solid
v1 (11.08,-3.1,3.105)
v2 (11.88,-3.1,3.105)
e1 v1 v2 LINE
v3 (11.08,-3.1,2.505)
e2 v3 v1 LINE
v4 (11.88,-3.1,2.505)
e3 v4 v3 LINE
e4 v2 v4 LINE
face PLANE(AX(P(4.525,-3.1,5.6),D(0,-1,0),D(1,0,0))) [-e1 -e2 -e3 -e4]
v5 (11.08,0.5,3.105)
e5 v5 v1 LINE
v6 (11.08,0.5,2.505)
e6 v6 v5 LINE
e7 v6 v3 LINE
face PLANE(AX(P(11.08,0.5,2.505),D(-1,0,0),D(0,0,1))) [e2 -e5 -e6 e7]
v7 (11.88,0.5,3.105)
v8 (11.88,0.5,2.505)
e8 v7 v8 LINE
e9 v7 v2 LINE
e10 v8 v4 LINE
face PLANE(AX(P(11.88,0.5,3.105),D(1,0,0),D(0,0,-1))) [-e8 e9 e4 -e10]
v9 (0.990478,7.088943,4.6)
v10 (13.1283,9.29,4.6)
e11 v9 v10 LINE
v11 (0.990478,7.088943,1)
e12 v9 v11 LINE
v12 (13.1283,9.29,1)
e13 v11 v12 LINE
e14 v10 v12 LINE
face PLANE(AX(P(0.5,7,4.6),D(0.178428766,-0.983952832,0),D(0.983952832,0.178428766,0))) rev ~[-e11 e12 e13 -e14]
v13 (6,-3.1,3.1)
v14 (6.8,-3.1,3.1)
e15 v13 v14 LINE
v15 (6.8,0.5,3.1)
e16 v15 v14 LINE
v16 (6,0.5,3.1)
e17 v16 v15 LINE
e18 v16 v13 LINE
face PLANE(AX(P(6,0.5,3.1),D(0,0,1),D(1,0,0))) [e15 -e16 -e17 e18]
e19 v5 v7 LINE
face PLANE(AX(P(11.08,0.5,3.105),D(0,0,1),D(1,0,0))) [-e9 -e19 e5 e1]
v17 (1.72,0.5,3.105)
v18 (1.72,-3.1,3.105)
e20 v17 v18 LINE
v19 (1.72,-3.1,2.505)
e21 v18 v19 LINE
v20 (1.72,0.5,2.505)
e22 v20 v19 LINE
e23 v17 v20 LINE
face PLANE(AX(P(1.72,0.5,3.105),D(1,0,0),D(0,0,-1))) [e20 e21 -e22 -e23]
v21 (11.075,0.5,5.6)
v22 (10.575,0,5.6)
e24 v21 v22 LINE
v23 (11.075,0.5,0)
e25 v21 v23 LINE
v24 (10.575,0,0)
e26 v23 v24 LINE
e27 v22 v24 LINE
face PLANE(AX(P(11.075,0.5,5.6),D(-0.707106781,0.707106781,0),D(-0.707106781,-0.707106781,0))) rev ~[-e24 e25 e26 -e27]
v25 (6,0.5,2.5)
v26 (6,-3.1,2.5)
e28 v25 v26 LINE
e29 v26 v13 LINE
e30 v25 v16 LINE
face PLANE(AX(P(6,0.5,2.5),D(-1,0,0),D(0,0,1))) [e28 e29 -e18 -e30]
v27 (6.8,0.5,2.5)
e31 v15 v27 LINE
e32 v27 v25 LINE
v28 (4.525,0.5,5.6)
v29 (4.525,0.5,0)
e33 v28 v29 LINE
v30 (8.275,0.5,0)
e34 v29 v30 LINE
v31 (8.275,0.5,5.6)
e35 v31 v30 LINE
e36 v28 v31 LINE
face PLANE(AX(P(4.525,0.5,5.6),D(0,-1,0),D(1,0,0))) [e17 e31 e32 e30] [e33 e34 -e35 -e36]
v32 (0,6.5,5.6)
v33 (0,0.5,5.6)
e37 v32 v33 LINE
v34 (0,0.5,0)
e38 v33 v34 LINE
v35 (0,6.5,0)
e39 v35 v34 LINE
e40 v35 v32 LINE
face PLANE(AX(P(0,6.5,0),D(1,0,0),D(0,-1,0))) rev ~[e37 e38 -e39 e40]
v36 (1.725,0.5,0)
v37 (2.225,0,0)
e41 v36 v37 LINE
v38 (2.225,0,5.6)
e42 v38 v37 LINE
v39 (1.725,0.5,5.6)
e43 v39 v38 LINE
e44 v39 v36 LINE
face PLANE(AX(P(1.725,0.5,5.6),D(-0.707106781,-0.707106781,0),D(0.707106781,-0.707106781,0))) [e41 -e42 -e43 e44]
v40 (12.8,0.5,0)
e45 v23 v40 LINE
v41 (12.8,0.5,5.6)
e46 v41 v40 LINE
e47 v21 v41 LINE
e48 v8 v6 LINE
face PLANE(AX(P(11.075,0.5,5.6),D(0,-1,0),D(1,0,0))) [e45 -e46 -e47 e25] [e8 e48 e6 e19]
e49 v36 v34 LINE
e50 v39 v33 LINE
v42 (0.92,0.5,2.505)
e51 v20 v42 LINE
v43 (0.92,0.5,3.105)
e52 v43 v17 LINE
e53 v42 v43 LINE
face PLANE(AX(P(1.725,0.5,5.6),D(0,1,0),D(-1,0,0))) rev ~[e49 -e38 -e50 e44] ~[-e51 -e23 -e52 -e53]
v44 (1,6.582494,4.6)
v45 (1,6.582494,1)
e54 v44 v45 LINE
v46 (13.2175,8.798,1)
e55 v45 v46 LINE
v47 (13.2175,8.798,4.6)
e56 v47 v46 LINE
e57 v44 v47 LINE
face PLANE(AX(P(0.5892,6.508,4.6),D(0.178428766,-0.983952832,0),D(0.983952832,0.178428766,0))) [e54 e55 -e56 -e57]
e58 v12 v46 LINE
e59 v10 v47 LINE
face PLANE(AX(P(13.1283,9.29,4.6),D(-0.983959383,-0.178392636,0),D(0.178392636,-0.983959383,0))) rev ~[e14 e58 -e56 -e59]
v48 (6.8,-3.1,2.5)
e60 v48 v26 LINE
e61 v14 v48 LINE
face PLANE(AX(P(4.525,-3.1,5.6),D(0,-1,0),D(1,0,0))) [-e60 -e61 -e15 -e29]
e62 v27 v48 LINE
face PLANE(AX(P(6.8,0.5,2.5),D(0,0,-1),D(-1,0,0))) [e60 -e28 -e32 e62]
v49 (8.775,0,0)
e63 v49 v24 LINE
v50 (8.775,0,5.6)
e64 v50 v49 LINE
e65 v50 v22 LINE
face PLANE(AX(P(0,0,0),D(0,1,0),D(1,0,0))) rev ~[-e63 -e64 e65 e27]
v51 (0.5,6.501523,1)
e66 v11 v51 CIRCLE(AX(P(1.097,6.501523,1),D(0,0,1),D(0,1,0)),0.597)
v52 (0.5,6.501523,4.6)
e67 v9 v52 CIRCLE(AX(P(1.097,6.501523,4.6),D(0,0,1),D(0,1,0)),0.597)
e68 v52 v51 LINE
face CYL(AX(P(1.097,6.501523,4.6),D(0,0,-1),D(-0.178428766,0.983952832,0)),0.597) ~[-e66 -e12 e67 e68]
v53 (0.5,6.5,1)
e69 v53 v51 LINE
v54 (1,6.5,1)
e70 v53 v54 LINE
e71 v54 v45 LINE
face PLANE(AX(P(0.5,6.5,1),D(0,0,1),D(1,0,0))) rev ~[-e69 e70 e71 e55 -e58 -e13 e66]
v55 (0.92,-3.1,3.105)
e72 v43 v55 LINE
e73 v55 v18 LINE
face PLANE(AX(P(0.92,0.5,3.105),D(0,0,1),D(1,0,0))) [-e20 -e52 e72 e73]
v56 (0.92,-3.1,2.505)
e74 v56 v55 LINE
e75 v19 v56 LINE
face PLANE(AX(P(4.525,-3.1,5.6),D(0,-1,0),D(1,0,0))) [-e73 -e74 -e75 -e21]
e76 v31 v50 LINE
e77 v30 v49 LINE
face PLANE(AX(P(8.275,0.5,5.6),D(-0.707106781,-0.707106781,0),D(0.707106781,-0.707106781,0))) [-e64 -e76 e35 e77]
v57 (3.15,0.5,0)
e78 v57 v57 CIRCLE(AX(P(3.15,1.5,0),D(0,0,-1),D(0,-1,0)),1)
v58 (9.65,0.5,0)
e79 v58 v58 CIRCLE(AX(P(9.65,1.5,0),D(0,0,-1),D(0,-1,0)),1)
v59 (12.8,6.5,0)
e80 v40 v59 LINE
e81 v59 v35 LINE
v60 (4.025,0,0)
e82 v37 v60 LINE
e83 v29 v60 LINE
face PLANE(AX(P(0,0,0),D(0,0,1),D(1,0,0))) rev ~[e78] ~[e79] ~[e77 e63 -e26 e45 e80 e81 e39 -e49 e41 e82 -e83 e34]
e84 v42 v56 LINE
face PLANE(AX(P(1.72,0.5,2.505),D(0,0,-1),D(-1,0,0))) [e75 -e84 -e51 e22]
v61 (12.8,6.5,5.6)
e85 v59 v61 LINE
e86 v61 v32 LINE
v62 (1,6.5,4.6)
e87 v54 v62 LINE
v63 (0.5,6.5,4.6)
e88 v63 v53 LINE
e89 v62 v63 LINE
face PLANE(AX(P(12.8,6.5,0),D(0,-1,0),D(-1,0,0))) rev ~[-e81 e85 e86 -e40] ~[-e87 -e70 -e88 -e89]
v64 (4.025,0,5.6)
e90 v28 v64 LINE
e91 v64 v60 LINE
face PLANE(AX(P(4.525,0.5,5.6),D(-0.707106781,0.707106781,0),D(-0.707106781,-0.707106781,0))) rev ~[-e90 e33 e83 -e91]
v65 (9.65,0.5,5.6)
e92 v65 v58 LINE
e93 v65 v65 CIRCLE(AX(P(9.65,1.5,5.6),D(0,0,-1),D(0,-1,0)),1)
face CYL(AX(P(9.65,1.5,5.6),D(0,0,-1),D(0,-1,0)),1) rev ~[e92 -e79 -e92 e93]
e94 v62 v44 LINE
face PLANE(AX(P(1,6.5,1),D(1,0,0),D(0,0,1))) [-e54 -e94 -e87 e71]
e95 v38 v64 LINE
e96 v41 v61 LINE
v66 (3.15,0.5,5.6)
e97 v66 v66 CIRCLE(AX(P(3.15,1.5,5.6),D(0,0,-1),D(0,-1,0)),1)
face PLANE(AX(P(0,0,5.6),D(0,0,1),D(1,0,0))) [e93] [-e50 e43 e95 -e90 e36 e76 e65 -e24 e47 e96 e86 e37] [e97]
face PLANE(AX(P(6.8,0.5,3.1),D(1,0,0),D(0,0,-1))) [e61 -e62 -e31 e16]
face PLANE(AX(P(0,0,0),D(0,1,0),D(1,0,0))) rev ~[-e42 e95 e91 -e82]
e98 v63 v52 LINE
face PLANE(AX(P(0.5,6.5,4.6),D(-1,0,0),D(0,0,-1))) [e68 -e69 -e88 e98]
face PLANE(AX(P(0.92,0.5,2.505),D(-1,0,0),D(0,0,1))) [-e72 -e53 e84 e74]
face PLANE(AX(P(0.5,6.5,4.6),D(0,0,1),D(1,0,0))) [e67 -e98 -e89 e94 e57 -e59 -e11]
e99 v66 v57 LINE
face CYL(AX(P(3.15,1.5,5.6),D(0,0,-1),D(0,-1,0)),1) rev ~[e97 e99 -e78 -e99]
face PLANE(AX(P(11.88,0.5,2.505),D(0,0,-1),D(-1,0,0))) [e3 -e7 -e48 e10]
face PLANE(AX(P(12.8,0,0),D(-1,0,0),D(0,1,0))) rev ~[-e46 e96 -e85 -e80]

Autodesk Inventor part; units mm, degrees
ref_plane "YZ Plane" through (0, 0, 0) normal (1, 0, 0) x (0, 1, 0)
ref_plane "XZ Plane" through (0, 0, 0) normal (0, 1, 0) x (-1, 0, 0)
ref_plane "XY Plane" through (0, 0, 0) normal (0, 0, 1) x (1, 0, 0)
sketch "Sketch1" plane through (0, 0, 0) normal (0, 0, 1) x (1, 0, 0)
  line L0 (0, 0) -> (12.8, 0)
  line L1 (12.8, 0) -> (12.8, 6.5)
  line L2 (12.8, 6.5) -> (0, 6.5)
  line L3 (0, 6.5) -> (0, 0)
  dimension "d0" = 12.8
  dimension "d1" = 6.5
extrude "Extrusion1" add sketch "Sketch1" along normal blind 5.6
sketch "Sketch2" plane through (0, 0, 5.6) normal (0, 0, 1) x (1, 0, 0)
  line L0 (0, 0) -> (0, 6.5) projected
  line L1 (12.8, 0) -> (0, 0) projected
  point P0 (3.15, 1.5)
  point P1 (9.65, 1.5)
  dimension "d4" = 6.5
  dimension "d5" = 3.15
  dimension "d6" = 1.5
hole "Hole1" at (3.15, 1.5, 5.6) at (9.65, 1.5, 5.6) direction (0, 0, -1) diameter 2 end through all
sketch "Sketch3" plane through (0, 0, 5.6) normal (0, 0, 1) x (1, 0, 0)
  line L0 (12.8, 0) -> (0, 0) projected
  line L1 (0, 0) -> (2.225, 0)
  line L2 (2.225, 0) -> (2.225, 0)
  line L3 (1.725, 0.5) -> (0, 0.5)
  line L4 (0, 0.5) -> (0, 0)
  line L5 (4.525, 0.5) -> (8.275, 0.5)
  line L6 (8.775, 0) -> (8.775, 0)
  line L7 (8.775, 0) -> (4.025, 0)
  line L8 (4.025, 0) -> (4.025, 0)
  line L9 (11.075, 0.5) -> (12.8, 0.5)
  line L10 (12.8, 0.5) -> (12.8, 0)
  line L11 (12.8, 0) -> (10.575, 0)
  line L12 (10.575, 0) -> (10.575, 0)
  line L13 (1.725, 0.5) -> (2.225, 0)
  line L14 (4.525, 0.5) -> (4.025, 0)
  line L15 (8.275, 0.5) -> (8.775, 0)
  line L16 (11.075, 0.5) -> (10.575, 0)
  point P0 (2.225, 0.5)
  point P1 (4.025, 0.5)
  point P2 (8.775, 0.5)
  point P3 (10.575, 0.5)
  dimension "d14" = 0.5
  dimension "d17" = 2.225
  dimension "d18" = 2.225
  dimension "d19" = 0.5
  dimension "d20" = 0.5
  dimension "d21" = 0.5
  dimension "d22" = 0.5
  dimension "d23" = 0.5
  dimension "d24" = 0.5
  dimension "d25" = 0.5
  dimension "d26" = 0.5
  dimension "d49" = 1.8
  dimension "d50" = 1.8
extrude "Extrusion2" cut sketch "Sketch3" against normal through all
sketch "Sketch4" plane through (0, 6.5, 0) normal (0, 1, 0) x (1, 0, 0)
  line L0 (12.8, 0) -> (0, 0) projected
  line L1 (0, 0) -> (0, -5.6) projected
  line L2 (0.5, -1) -> (1, -1)
  line L3 (1, -1) -> (1, -4.6)
  line L4 (1, -4.6) -> (0.5, -4.6)
  line L5 (0.5, -4.6) -> (0.5, -1)
  dimension "d29" = 3.6
  dimension "d30" = 1
  dimension "d31" = 0.5
  dimension "d32" = 0.5
extrude "Extrusion3" add sketch "Sketch4" along normal blind 0.5
sketch "Sketch5" plane through (0.5, 6.5, 4.6) normal (0, 0, 1) x (1, 0, 0)
  line L0 (0, 0.5) -> (12.6283, 2.79)
  line L1 (0.0892, 0.008) -> (12.7175, 2.298)
  line L2 (12.6283, 2.79) -> (12.7175, 2.298)
  line L3 (0, 0.5) -> (0.0892, 0.008)
  dimension "d35" = 0.5
extrude "Extrusion4" add sketch "Sketch5" against normal blind 3.6
fillet "Fillet1" radius 0.6 1 edges at (0.5, 7, 2.8)
sketch "Sketch6" plane through (4.525, 0.5, 5.6) normal (0, -1, 0) x (1, 0, 0)
  line L0 (1.475, -2.5) -> (2.275, -2.5)
  line L1 (2.275, -2.5) -> (2.275, -3.1)
  line L2 (2.275, -3.1) -> (1.475, -3.1)
  line L3 (1.475, -3.1) -> (1.475, -2.5)
  line L4 (-3.605, -2.495) -> (-2.805, -2.495)
  line L5 (-2.805, -2.495) -> (-2.805, -3.095)
  line L6 (-2.805, -3.095) -> (-3.605, -3.095)
  line L7 (-3.605, -3.095) -> (-3.605, -2.495)
  line L8 (6.555, -2.495) -> (7.355, -2.495)
  line L9 (7.355, -2.495) -> (7.355, -3.095)
  line L10 (7.355, -3.095) -> (6.555, -3.095)
  line L11 (6.555, -3.095) -> (6.555, -2.495)
  line L12 (-4.525, -5.6) -> (-4.525, 0) projected
  line L13 (0, 0) -> (3.75, 0) projected
  dimension "d39" = 0.6
  dimension "d40" = 0.8
  dimension "d41" = 0.8
  dimension "d42" = 0.8
  dimension "d43" = 4.28
  dimension "d44" = 4.28
  dimension "d45" = 0.92
  dimension "d48" = 2.5
extrude "Extrusion5" add sketch "Sketch6" along normal blind 3.6
equation "\"d20\" = d19"
equation "\"d21\" = d19"
equation "\"d22\" = d21"
equation "\"d23\" = d19"
equation "\"d24\" = d23"
equation "\"d25\" = d19"
equation "\"d26\" = d25"
properties part number "switch"
